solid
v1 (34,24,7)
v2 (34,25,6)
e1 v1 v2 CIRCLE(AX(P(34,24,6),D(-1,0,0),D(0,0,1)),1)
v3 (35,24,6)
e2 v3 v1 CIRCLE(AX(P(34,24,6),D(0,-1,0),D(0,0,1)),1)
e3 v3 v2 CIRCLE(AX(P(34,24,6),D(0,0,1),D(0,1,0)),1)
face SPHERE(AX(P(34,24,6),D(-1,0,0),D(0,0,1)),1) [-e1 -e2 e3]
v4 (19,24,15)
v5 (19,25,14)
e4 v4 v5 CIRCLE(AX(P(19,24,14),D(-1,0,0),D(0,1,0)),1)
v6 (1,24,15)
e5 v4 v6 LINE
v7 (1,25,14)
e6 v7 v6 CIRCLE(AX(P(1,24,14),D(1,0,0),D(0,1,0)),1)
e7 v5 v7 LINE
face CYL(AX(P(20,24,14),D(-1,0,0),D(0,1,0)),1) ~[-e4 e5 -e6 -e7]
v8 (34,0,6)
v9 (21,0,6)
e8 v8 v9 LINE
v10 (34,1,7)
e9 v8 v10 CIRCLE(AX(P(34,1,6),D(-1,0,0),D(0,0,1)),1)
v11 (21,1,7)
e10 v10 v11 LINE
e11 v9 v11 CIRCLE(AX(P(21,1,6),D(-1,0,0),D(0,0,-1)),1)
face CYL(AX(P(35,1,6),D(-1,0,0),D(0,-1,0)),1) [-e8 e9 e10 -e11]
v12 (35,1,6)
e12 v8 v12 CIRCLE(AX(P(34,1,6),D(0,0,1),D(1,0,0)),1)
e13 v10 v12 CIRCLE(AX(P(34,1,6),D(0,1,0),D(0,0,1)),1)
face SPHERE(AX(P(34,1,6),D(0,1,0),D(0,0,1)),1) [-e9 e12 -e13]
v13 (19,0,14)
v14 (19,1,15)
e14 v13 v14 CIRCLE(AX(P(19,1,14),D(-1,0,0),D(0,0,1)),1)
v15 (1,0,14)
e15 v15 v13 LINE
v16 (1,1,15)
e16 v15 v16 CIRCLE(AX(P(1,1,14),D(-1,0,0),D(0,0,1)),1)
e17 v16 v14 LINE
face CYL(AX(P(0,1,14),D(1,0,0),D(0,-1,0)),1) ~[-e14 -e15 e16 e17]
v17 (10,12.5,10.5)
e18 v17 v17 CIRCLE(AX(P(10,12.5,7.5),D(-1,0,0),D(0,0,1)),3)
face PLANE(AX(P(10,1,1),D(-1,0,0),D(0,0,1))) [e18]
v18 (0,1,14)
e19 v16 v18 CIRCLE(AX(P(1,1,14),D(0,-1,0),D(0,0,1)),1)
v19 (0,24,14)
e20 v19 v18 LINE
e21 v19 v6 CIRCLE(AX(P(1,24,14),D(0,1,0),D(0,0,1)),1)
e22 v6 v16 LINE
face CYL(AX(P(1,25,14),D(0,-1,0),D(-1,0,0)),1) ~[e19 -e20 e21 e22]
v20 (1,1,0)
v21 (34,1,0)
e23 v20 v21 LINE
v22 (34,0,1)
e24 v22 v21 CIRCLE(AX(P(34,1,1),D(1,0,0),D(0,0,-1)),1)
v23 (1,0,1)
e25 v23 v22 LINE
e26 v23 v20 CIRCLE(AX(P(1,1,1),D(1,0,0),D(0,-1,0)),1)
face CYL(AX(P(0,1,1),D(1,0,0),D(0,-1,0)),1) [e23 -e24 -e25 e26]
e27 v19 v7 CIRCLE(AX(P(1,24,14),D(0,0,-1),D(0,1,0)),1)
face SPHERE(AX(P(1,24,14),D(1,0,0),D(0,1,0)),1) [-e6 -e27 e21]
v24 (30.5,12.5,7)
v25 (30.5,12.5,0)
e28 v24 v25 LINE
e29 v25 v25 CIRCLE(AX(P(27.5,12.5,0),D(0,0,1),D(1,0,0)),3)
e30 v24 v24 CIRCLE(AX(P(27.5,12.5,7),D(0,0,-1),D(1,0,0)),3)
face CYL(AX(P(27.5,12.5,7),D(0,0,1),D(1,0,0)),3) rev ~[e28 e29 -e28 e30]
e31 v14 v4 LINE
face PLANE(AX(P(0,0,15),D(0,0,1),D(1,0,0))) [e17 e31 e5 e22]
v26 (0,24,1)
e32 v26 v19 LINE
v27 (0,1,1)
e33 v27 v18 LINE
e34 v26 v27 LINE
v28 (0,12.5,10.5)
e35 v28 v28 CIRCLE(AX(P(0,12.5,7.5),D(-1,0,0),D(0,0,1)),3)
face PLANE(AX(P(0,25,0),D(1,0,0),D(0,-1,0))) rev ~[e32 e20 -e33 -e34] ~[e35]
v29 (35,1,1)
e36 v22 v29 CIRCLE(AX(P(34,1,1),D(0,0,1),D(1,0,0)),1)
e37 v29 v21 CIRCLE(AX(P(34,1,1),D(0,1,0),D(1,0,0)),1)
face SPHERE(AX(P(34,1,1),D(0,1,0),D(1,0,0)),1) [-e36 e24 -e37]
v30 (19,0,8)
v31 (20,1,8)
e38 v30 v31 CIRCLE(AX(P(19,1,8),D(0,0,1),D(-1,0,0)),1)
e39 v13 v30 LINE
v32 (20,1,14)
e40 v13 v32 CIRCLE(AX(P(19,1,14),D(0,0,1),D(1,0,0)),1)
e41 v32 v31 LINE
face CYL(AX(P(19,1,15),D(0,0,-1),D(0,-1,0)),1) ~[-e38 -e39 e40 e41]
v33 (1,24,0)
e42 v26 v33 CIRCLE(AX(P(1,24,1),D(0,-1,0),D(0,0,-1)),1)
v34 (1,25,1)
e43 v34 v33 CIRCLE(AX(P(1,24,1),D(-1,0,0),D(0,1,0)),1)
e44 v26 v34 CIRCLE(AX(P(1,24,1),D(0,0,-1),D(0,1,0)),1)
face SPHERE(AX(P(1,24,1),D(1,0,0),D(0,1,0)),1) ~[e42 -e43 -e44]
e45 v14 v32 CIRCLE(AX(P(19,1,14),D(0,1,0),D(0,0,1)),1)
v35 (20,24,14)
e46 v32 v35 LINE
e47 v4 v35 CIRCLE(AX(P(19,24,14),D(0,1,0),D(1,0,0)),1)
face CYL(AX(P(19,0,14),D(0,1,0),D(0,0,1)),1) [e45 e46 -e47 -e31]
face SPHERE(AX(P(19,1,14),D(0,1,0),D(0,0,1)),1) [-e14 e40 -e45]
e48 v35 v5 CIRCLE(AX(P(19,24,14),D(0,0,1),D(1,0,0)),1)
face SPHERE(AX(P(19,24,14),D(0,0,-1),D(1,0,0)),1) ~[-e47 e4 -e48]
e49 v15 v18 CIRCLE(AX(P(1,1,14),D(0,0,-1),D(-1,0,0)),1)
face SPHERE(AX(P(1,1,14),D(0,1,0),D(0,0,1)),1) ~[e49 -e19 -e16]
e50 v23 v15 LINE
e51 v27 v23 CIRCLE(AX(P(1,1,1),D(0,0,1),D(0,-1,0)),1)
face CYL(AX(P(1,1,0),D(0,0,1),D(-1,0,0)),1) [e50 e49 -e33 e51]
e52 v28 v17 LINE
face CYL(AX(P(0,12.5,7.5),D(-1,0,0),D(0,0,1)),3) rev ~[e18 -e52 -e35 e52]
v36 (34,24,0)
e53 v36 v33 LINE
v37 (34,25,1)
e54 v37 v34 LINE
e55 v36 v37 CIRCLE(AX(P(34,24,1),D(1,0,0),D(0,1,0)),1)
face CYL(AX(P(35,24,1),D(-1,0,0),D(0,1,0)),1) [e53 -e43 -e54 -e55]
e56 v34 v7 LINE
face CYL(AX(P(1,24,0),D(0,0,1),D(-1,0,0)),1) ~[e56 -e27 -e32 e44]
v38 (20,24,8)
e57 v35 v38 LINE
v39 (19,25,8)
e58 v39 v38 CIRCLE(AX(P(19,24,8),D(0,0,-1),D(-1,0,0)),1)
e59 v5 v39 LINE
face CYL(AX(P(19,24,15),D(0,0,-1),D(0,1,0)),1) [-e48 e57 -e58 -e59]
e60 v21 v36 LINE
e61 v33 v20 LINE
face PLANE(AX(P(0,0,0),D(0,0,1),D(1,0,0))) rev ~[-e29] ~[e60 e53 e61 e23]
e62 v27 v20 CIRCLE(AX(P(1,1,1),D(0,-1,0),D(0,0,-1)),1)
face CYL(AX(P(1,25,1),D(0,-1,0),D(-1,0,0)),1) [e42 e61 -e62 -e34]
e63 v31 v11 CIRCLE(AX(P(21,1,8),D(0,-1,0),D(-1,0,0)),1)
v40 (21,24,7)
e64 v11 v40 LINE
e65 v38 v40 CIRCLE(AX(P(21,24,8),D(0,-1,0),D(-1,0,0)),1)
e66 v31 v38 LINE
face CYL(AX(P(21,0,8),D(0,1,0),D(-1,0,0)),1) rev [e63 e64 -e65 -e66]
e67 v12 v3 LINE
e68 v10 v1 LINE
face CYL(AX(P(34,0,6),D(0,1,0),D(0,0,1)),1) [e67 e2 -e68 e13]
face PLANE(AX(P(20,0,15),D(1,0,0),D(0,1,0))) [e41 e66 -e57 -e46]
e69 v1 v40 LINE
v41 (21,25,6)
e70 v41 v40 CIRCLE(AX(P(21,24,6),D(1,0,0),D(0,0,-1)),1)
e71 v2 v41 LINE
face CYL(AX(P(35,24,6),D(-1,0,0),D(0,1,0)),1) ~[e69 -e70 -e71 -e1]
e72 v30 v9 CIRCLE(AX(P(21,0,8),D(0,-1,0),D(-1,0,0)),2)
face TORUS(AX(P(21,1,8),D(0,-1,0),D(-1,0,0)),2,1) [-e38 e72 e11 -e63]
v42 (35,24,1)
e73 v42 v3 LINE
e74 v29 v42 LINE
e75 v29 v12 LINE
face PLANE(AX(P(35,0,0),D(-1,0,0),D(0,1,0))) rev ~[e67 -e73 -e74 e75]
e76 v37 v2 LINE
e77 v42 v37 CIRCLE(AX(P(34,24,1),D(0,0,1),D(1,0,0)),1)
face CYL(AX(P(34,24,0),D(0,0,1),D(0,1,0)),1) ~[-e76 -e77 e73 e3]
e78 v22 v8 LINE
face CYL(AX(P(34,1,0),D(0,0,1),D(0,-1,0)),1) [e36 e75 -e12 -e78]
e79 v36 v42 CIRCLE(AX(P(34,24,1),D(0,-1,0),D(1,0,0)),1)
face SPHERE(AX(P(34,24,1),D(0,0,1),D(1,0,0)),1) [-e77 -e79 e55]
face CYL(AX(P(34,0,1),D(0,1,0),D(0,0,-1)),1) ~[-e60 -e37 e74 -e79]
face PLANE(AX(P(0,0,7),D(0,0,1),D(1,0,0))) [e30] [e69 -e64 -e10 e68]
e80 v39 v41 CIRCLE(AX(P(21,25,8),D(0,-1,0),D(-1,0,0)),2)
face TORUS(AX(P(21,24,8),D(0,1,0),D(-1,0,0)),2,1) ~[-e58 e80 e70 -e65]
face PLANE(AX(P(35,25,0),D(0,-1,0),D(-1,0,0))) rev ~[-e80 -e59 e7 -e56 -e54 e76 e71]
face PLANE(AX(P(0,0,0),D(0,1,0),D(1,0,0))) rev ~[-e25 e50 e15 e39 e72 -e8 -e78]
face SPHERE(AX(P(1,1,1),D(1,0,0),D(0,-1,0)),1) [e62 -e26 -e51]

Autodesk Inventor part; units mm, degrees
ref_plane "YZ Plane" through (0, 0, 0) normal (1, 0, 0) x (0, 1, 0)
ref_plane "XZ Plane" through (0, 0, 0) normal (0, 1, 0) x (-1, 0, 0)
ref_plane "XY Plane" through (0, 0, 0) normal (0, 0, 1) x (1, 0, 0)
sketch "Boceto1" plane through (0, 0, 0) normal (0, 0, 1) x (1, 0, 0)
  line L0 (0, 0) -> (35, 0)
  line L1 (35, 0) -> (35, 25)
  line L2 (35, 25) -> (0, 25)
  line L3 (0, 25) -> (0, 0)
  dimension "d0" = 35
  dimension "d1" = 25
extrude "Extrusión1" add sketch "Boceto1" along normal blind 15
sketch "Boceto2" plane through (0, 0, 15) normal (0, 0, 1) x (1, 0, 0)
  line L0 (35, 0) -> (35, 25) projected
  line L1 (35, 25) -> (0, 25) projected
  line L2 (35, 0) -> (20, 0)
  line L3 (20, 0) -> (20, 25)
  line L4 (20, 25) -> (35, 25)
  line L5 (35, 25) -> (35, 0)
  point P0 (0, 0)
  dimension "d4" = 15
extrude "Extrusión2" cut sketch "Boceto2" against normal blind 8
fillet "Empalme1" radius 1 18 edges at (20, 25, 11) (20, 12.5, 15) (27.5, 25, 7) (20, 12.5, 7) (35, 12.5, 7) (35, 25, 3.5) (35, 12.5, 0) (17.5, 25, 0) (10, 25, 15) (0, 25, 7.5) (0, 12.5, 15) (10, 0, 15) (20, 0, 11) (27.5, 0, 7) (35, 0, 3.5) (17.5, 0, 0) (0, 0, 7.5) (0, 12.5, 0)
sketch "Boceto3" plane through (0, 0, 7) normal (0, 0, 1) x (1, 0, 0)
  point P0 (0, 0)
sketch "Boceto4" plane through (0, 0, 7) normal (0, 0, 1) x (1, 0, 0)
  line L0 (21, 24) -> (34, 24) projected
  line L1 (27.5, 24) -> (27.5, 12.5)
  line L2 (27.5, 12.5) -> (34, 12.5)
  circle A0 centre (27.5, 12.5) radius 3
  point P0 (0, 0)
  dimension "d8" = 11.5
  dimension "d9" = 6
sketch "Boceto5" plane through (0, 0, 7) normal (0, 0, 1) x (1, 0, 0)
  point P0 (0, 0)
extrude "Extrusión3" cut sketch "Boceto4" against normal blind 8
sketch "Boceto6" plane through (0, 1, 1) normal (-1, 0, 0) x (0, 0, 1)
  line L0 (13, 0) -> (13, 23) projected
  line L1 (13, 11.5) -> (6.5, 11.5)
  circle A0 centre (6.5, 11.5) radius 3
  point P0 (-1, -1)
  dimension "d12" = 6.5
  dimension "d13" = 6
extrude "Extrusión4" cut sketch "Boceto6" against normal blind 10
sketch "Boceto7" plane through (0, 1, 1) normal (-1, 0, 0) x (0, 0, 1)
  point P0 (-1, -1)
properties part number "Holder"
